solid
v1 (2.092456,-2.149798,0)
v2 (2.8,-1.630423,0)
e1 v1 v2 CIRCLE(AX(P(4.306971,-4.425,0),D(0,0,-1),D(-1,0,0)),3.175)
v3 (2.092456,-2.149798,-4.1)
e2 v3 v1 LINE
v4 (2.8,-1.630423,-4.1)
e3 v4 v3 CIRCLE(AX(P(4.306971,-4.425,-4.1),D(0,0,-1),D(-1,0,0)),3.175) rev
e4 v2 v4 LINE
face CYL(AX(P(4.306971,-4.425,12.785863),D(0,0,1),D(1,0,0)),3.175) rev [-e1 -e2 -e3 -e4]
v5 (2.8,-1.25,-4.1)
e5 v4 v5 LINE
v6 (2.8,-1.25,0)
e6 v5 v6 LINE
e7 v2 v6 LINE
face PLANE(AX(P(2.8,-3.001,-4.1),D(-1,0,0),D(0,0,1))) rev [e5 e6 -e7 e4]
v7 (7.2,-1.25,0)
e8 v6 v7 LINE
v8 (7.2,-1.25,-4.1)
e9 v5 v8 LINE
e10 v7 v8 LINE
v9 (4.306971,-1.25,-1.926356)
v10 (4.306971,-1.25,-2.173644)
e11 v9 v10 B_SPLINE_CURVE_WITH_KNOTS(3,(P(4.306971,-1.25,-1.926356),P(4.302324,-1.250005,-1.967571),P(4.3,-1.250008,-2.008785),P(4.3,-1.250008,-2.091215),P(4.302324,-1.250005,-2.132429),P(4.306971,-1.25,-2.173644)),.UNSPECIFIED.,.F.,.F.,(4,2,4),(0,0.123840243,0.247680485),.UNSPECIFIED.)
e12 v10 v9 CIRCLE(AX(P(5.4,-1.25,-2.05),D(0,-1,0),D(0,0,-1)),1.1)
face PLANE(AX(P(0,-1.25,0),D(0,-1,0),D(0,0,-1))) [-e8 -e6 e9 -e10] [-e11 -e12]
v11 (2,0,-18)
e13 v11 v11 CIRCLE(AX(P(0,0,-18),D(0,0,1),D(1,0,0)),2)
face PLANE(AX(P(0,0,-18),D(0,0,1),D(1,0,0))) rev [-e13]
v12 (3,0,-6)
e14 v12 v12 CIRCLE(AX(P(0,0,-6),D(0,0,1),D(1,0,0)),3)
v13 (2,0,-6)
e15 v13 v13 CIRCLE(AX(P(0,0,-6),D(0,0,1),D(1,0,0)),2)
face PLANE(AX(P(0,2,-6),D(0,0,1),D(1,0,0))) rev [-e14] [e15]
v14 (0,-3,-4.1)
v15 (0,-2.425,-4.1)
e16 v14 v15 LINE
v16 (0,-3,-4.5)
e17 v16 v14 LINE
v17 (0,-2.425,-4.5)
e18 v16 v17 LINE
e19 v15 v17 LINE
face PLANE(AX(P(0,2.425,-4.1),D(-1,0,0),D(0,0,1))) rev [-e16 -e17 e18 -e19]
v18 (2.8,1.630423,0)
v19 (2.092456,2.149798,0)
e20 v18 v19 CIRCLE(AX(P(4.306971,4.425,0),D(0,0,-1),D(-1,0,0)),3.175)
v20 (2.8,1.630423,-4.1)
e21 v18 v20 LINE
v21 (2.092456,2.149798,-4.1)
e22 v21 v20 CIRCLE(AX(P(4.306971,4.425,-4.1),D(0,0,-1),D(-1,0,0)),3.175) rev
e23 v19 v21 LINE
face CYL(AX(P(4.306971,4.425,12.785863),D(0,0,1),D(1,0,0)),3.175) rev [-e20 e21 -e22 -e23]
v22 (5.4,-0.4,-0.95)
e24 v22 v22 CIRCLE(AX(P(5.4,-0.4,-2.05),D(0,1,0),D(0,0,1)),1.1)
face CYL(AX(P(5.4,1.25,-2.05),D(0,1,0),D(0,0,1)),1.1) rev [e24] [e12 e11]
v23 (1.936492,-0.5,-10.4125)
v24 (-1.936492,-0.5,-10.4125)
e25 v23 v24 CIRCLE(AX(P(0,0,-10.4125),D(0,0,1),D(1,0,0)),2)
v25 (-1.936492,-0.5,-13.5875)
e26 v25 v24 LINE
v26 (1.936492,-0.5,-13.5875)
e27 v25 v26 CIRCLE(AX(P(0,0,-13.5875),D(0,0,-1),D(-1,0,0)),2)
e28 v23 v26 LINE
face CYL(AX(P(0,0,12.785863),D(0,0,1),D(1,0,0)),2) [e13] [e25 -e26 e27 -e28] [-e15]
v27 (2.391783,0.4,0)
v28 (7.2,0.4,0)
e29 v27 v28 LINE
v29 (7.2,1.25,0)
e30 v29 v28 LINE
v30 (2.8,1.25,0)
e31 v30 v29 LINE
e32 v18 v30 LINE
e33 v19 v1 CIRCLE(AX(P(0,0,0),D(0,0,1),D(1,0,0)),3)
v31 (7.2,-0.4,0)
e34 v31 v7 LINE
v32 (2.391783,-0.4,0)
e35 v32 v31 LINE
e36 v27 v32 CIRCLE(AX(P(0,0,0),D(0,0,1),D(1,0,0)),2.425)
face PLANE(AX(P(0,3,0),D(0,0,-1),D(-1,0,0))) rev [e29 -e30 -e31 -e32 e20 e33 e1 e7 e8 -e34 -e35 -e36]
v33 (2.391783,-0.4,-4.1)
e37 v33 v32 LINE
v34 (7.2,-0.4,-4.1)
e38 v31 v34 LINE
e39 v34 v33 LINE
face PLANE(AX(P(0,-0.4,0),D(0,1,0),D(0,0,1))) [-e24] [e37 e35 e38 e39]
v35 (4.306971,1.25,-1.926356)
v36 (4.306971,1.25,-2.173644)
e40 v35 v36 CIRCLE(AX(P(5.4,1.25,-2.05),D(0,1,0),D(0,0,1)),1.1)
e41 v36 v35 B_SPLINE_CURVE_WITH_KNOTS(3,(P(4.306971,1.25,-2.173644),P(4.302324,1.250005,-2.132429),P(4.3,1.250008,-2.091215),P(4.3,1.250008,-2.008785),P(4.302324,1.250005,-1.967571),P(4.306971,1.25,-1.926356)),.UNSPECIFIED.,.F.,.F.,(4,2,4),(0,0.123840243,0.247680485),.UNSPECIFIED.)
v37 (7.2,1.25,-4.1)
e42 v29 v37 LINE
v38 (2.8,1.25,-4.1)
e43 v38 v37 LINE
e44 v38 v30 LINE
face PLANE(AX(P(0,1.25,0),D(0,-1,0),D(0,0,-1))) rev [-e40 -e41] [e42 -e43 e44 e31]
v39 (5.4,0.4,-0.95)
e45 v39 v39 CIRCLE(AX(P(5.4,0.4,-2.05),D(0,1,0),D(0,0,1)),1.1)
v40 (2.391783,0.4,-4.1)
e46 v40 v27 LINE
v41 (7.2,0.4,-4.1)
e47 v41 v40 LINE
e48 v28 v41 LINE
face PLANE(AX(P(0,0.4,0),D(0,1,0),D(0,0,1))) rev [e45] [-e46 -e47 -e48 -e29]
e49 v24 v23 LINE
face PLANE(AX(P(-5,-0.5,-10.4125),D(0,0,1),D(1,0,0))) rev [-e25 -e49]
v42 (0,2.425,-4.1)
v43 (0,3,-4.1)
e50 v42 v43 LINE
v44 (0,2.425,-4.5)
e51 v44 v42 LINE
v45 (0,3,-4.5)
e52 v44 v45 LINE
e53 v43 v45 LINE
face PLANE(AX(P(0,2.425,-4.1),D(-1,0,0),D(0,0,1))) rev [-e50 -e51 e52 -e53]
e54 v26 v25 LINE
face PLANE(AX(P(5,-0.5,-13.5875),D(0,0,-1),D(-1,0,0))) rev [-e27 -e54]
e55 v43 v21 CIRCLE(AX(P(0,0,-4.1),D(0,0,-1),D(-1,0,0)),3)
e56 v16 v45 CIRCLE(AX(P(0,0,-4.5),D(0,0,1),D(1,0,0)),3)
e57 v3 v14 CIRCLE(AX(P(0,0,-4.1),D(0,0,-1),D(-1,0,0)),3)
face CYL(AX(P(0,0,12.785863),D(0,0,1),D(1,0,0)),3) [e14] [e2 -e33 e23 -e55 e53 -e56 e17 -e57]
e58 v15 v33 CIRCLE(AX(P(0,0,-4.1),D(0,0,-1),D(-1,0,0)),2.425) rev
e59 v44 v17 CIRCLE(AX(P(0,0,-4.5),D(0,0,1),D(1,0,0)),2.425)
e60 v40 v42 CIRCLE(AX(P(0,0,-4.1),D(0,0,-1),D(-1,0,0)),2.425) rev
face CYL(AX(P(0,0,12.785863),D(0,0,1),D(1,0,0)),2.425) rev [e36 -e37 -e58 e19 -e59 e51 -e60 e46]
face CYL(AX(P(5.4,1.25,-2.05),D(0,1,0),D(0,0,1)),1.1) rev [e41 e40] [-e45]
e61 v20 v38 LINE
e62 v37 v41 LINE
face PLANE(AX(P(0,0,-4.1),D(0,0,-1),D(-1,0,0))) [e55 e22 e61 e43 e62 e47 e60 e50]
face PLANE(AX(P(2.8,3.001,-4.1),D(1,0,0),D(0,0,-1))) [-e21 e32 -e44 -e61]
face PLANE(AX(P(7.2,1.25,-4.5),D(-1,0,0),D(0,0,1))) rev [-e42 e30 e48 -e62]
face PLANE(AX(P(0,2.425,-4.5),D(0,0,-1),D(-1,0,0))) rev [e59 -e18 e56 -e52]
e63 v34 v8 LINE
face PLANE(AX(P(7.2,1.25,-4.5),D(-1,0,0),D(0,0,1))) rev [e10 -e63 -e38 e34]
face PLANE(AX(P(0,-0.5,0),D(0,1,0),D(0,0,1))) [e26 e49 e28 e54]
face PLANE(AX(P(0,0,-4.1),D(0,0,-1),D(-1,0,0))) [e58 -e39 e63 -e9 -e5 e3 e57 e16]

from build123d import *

# Parameters (mm, degrees)
BOSS_EXTRUDE3_DEPTH     = 1.25
SKETCH6_W               = 7.2
SKETCH6_H               = 4.5
CUT_EXTRUDE1_DEPTH      = 0.4
CUT_EXTRUDE2_START      = -4.5
SKETCH7_W               = 8
SKETCH7_H               = 10
CUT_EXTRUDE2_DEPTH      = 0.4
M2_CLEARANCE_HOLE1_D    = 2.2
CUT_EXTRUDE3_DEPTH      = 20.617339269
CUT_EXTRUDE3_DEPTH_BACK = 0.5
SKETCH10_W              = 10
SKETCH10_H              = 3.175
FILLET1_R               = 3.175
CUT_EXTRUDE4_REACH      = 21.847
CUT_EXTRUDE4_END_RADIUS = 3.175
SKETCH12_W              = 4.4
SKETCH12_H              = 4.1


with BuildPart() as part:
    # Sketch3 → Revolve1 (revolve)
    with BuildSketch(Plane(origin=(0, 0, 0), x_dir=(0, 0, -1), z_dir=(1, 0, 0)), mode=Mode.PRIVATE) as revolve1_sk:
        Polygon((18, 0), (18, 2), (6, 2), (6, 3), (0, 3), (0, 2.425), (4.5, 2.425), (4.5, 0), align=None)
    revolve(revolve1_sk.sketch.rotate(Axis((0, 0, 12.785862786), (0, 0, -1)), 90), axis=Axis((0, 0, 12.785862786), (0, 0, -1)))

    # Sketch5 → Boss-Extrude3 (add, symmetric)
    with BuildSketch(Plane(origin=(0, 0, 0), x_dir=(1, 0, 0), z_dir=(0, 1, 0))):
        Polygon((3, 4.5), (7.2, 4.5), (7.2, 0), (3, 0), (2.425, 0), (2.425, 4.5), align=None)
    extrude(amount=BOSS_EXTRUDE3_DEPTH, both=True)

    # Sketch6 → Cut-Extrude1 (cut, symmetric)
    with BuildSketch(Plane(origin=(0, 0, 0), x_dir=(1, 0, 0), z_dir=(0, 1, 0))):
        with Locations((3.6, 2.25)):
            Rectangle(SKETCH6_W, SKETCH6_H)
    extrude(amount=CUT_EXTRUDE1_DEPTH, both=True, mode=Mode.SUBTRACT)

    # Sketch7 → Cut-Extrude2 (cut)
    with BuildSketch(Plane.XY.offset(CUT_EXTRUDE2_START)):
        with Locations((4, 0)):
            Rectangle(SKETCH7_W, SKETCH7_H)
    extrude(amount=CUT_EXTRUDE2_DEPTH, mode=Mode.SUBTRACT)

    # M2 Clearance Hole1 (through all)
    with Locations(Plane(origin=(0, 1.25, 0), x_dir=(1, 0, 0), z_dir=(0, 1, 0))):
        with Locations((5.4, 2.05)):
            Hole(M2_CLEARANCE_HOLE1_D / 2)

    # Sketch10 → Cut-Extrude3 (cut, two sides: drawn at the far end of the back side and taken through both)
    with BuildSketch(Plane(origin=(0, 0, 0), x_dir=(1, 0, 0), z_dir=(0, 1, 0)).offset(-CUT_EXTRUDE3_DEPTH_BACK)):
        with Locations((0, 12)):
            Rectangle(SKETCH10_W, SKETCH10_H)
    extrude(amount=CUT_EXTRUDE3_DEPTH + CUT_EXTRUDE3_DEPTH_BACK, mode=Mode.SUBTRACT)

    # Fillet1
    fillet1_edges = [part.edges().sort_by_distance(p)[0] for p in [
        (2.727178029, -1.25, -2.05),
        (2.727178029, 1.25, -2.05),
    ]]
    fillet(fillet1_edges, radius=FILLET1_R)

    # Cut-Extrude4: up to this cylinder (the profile starts outside it)
    cut_extrude4_end = Plane(origin=(4.306971093, 4.425, -2.05), z_dir=(0, 0, 1)) * Cylinder(CUT_EXTRUDE4_END_RADIUS, 51.044, mode=Mode.PRIVATE)
    # Sketch12 → Cut-Extrude4 (cut, up to the surface)
    with BuildSketch(Plane(origin=(0, 1.25, 0), x_dir=(1, 0, 0), z_dir=(0, 1, 0)), mode=Mode.PRIVATE) as cut_extrude4_sk1:
        with Locations((5, 2.05)):
            Rectangle(SKETCH12_W, SKETCH12_H)
    cut_extrude4_tool1 = extrude(cut_extrude4_sk1.sketch, amount=CUT_EXTRUDE4_REACH, mode=Mode.PRIVATE) - cut_extrude4_end
    cut_extrude4 = cut_extrude4_tool1.solids().sort_by_distance((5, 1.25, -2.05))[0] + cut_extrude4_tool1.solids().sort_by_distance((5, 1.25, -2.05))[1]
    add(cut_extrude4, mode=Mode.SUBTRACT)

    # Mirror1: Cut-Extrude4 across plane
    add(cut_extrude4.mirror(Plane.ZX), mode=Mode.SUBTRACT)


solid = part.part
